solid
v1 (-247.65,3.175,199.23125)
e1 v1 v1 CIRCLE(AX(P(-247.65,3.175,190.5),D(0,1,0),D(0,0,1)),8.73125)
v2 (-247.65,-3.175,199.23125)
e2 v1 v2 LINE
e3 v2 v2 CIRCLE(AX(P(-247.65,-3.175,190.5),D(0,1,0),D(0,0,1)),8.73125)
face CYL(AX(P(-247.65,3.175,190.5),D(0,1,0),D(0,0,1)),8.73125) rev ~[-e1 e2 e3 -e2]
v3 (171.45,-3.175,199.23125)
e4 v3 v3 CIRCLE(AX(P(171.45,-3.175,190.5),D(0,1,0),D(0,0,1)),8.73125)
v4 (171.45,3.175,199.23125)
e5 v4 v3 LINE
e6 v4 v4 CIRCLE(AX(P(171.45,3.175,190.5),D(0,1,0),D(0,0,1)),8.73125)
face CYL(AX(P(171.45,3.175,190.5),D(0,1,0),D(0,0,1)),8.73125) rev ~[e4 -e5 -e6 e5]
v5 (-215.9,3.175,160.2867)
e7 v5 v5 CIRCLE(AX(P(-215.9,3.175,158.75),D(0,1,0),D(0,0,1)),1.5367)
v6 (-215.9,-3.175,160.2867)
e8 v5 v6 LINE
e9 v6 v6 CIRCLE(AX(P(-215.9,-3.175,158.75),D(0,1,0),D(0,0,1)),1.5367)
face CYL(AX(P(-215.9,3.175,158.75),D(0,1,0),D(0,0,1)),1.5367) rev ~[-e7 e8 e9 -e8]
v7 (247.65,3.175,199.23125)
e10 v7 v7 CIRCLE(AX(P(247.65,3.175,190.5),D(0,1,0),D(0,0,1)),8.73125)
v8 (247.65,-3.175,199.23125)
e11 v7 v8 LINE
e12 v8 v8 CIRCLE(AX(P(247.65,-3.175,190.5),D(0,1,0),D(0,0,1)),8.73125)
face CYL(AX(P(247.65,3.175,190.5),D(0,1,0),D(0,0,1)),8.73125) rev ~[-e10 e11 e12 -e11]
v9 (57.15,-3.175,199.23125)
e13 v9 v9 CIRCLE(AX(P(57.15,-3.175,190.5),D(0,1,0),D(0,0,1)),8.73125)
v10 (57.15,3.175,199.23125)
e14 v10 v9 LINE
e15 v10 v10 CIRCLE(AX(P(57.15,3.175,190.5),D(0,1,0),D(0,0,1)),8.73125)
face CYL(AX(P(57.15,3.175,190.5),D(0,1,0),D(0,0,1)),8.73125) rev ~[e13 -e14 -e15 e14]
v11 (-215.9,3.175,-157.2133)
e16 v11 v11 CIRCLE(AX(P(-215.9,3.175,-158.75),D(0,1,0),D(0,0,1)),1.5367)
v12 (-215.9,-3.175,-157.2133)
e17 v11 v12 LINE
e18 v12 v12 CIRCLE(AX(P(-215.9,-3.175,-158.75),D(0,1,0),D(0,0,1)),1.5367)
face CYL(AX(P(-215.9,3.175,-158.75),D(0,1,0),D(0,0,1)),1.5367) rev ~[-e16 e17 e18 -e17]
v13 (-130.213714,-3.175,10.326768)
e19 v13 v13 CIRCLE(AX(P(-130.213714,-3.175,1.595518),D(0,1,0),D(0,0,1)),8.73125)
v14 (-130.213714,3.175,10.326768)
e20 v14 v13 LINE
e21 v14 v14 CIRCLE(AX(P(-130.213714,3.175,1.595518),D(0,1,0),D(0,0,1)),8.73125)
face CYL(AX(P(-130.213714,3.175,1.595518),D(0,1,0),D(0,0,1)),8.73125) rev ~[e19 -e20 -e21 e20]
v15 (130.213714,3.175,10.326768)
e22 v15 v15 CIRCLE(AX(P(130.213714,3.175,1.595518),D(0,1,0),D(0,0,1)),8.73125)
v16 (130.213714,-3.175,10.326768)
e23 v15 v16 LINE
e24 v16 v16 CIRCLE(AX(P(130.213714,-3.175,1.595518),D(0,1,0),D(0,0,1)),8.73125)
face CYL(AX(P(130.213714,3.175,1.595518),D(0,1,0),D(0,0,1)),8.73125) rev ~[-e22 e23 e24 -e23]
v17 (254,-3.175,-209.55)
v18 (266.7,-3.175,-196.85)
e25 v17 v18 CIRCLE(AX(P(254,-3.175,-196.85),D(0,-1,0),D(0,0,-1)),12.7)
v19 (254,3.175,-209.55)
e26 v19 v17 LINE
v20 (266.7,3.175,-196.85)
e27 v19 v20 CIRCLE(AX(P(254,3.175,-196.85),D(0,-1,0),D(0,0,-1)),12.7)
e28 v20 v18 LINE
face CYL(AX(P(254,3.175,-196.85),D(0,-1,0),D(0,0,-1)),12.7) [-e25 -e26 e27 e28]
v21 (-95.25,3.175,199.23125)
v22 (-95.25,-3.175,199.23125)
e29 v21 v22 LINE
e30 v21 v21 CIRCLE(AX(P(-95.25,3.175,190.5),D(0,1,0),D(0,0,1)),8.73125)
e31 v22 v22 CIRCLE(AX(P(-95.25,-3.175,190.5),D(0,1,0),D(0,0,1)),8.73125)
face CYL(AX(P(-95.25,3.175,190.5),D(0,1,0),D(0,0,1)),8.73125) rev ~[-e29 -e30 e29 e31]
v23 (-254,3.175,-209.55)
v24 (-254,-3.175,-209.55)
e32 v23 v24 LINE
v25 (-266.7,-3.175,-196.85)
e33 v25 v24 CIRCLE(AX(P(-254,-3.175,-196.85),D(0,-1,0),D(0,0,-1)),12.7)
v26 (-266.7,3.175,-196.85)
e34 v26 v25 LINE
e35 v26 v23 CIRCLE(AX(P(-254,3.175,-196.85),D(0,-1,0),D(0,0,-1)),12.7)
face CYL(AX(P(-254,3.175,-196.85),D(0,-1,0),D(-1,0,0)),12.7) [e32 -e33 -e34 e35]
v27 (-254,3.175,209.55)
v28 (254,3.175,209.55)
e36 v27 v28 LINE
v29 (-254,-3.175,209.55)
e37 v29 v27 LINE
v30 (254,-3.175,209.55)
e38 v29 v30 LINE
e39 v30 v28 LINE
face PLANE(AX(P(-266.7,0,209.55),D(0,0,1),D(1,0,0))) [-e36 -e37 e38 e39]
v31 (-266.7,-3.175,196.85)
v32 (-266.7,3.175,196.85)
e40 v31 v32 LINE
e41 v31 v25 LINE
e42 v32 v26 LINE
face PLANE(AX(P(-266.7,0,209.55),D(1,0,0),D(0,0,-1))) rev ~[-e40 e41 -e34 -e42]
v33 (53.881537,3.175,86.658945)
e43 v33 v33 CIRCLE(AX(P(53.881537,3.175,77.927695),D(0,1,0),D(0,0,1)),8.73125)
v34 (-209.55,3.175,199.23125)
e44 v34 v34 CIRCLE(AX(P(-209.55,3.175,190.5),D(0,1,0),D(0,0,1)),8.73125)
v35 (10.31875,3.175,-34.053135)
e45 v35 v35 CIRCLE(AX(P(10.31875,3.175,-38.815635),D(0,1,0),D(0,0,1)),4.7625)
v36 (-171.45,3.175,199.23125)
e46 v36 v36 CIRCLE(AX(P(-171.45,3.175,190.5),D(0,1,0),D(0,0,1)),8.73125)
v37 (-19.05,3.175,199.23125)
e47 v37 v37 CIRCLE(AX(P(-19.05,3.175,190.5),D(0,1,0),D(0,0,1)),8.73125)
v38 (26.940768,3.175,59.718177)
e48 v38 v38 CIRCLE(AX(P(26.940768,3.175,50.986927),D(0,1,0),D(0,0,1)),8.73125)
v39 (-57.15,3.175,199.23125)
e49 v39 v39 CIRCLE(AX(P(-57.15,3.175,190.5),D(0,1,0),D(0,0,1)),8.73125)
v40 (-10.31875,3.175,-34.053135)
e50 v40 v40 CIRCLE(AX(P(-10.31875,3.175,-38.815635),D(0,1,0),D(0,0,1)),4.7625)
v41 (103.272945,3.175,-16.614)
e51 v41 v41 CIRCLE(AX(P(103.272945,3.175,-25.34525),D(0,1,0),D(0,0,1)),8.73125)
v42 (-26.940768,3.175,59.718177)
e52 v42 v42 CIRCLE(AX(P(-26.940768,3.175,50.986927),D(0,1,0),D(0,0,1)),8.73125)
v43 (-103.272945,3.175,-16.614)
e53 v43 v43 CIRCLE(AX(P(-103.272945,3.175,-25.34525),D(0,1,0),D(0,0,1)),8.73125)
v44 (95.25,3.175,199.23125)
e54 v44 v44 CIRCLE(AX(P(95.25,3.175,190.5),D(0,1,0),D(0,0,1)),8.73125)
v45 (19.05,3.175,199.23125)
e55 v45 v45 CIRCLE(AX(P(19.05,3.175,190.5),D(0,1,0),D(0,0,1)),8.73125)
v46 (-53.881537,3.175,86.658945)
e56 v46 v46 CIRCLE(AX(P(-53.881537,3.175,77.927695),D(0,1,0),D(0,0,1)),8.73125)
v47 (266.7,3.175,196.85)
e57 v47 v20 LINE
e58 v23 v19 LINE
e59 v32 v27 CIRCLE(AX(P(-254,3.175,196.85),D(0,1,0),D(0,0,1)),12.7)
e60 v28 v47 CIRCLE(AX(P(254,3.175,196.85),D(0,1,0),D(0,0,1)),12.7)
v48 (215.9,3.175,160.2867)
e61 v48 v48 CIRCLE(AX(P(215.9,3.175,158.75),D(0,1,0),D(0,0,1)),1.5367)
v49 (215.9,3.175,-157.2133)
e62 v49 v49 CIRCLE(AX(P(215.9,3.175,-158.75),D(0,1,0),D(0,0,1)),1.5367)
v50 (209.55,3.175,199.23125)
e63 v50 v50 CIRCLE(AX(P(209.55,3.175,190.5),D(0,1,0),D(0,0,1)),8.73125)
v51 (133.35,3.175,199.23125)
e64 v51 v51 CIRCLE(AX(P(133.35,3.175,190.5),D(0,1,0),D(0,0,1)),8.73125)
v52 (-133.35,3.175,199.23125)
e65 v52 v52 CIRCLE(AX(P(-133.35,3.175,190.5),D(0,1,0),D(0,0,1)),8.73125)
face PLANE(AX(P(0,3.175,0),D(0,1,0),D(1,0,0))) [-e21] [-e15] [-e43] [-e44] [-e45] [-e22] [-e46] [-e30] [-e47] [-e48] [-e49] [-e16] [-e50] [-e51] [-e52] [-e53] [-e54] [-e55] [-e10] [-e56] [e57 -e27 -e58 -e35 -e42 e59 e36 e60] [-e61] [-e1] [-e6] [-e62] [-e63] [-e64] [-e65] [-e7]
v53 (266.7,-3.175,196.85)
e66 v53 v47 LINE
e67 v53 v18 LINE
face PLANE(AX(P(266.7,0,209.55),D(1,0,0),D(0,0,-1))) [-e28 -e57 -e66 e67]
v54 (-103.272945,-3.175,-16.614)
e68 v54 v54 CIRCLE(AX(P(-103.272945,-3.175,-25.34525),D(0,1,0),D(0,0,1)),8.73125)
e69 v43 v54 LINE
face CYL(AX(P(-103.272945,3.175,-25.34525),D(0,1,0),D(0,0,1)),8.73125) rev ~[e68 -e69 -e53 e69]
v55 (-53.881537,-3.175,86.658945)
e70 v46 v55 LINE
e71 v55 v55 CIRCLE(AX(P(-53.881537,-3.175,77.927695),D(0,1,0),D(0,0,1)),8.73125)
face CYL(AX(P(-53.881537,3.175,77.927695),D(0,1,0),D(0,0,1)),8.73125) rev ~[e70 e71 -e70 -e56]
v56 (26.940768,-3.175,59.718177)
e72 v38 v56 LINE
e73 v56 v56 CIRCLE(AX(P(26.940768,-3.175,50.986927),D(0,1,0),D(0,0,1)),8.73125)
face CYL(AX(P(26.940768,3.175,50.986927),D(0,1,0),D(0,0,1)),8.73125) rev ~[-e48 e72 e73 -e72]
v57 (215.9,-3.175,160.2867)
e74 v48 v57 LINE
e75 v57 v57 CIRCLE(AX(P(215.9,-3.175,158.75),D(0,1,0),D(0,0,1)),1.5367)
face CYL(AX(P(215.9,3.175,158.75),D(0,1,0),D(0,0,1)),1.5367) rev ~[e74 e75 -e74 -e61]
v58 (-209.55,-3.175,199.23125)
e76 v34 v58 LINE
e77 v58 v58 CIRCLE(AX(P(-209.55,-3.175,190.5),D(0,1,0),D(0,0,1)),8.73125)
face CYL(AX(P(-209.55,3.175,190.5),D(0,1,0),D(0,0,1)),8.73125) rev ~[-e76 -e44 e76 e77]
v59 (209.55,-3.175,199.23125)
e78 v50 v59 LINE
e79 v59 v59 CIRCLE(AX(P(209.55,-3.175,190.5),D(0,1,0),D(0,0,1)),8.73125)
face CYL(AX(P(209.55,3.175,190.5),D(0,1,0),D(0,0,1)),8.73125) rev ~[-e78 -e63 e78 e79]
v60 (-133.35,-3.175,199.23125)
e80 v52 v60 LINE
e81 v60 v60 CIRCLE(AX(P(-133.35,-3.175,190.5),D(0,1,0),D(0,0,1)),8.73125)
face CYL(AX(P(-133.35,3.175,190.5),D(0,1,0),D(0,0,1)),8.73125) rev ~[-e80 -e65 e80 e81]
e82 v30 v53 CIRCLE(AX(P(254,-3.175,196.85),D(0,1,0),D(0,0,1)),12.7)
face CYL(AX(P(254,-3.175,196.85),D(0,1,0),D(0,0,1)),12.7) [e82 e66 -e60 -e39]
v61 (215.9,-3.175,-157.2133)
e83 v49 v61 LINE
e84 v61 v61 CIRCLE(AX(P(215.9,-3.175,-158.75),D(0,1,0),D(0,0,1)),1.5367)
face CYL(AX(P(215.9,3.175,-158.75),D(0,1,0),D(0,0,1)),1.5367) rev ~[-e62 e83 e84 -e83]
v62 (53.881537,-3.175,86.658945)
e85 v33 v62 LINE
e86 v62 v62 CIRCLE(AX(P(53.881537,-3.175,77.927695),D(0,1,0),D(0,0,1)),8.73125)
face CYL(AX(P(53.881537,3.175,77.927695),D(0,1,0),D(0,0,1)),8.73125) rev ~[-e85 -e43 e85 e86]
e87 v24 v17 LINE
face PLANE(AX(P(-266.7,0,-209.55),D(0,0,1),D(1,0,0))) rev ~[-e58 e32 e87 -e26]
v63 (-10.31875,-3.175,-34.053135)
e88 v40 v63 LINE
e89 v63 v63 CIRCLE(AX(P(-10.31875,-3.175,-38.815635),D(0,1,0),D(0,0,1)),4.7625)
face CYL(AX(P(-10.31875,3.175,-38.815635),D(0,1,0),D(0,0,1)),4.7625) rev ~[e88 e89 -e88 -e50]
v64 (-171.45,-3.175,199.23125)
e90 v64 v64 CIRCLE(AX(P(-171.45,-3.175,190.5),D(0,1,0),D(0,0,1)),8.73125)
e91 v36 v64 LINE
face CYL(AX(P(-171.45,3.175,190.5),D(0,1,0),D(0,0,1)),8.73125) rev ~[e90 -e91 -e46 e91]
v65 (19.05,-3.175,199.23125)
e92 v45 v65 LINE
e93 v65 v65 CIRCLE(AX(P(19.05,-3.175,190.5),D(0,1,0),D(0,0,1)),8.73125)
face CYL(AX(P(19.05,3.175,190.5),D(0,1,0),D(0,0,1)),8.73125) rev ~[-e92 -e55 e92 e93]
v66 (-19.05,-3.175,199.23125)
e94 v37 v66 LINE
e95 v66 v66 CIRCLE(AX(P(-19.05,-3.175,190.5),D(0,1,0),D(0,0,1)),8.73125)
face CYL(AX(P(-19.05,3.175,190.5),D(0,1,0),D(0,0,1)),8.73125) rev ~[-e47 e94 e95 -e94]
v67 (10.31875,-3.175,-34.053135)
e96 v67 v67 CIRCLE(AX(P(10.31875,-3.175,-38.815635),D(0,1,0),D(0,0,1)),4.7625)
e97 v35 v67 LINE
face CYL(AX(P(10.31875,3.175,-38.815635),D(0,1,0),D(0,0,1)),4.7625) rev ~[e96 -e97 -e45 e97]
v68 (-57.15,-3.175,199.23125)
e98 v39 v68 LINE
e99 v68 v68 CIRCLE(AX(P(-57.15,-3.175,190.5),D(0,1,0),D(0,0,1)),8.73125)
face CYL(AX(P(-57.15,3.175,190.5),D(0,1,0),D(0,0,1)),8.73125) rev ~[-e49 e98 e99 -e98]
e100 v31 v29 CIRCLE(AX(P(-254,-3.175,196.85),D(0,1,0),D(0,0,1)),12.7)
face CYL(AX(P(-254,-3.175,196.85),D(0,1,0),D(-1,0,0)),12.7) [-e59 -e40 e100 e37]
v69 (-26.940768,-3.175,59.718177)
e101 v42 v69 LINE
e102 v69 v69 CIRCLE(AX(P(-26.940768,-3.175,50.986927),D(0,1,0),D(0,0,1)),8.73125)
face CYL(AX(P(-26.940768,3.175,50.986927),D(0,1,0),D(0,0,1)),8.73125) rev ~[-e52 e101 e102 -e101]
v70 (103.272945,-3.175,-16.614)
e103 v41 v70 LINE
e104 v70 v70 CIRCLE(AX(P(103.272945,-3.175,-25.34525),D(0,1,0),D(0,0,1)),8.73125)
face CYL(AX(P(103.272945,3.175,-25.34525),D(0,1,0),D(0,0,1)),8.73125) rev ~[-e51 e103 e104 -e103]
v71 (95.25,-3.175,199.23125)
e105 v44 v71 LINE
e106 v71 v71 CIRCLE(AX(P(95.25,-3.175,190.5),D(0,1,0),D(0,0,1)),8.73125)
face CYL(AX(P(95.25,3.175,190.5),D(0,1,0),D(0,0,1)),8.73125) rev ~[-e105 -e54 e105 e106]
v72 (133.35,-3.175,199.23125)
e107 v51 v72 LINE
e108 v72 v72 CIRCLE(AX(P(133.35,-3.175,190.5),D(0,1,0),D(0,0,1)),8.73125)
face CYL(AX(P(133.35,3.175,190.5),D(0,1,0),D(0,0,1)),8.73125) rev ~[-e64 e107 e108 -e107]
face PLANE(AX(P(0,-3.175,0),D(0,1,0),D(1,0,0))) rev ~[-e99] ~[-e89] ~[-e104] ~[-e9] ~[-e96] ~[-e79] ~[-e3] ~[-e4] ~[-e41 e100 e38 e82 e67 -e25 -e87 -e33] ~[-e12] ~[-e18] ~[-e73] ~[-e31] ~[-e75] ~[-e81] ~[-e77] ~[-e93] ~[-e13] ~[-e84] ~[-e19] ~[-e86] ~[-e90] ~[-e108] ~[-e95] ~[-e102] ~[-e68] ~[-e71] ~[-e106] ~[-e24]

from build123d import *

# Parameters (mm, degrees)
SKETCH1_W           = 533.4
SKETCH1_H           = 419.1
BOSS_EXTRUDE1_DEPTH = 3.175
SKETCH2_R           = 4.4196
CUT_EXTRUDE1_DEPTH  = 340.235043886
SKETCH3_R           = 8.73125
CUT_EXTRUDE2_DEPTH  = 340.235043886
FILLET1_R           = 12.7
SKETCH5_R           = 1.5367
CUT_EXTRUDE4_DEPTH  = 340.235043886
SKETCH6_R           = 4.7625
CUT_EXTRUDE5_DEPTH  = 340.235043886
SKETCH7_R           = 8.73125
CUT_EXTRUDE6_DEPTH  = 340.235043886


with BuildPart() as part:
    # Sketch1 → Boss-Extrude1 (new, symmetric)
    with BuildSketch(Plane(origin=(0, 0, 0), x_dir=(1, 0, 0), z_dir=(0, 1, 0))):
        Rectangle(SKETCH1_W, SKETCH1_H)
    extrude(amount=BOSS_EXTRUDE1_DEPTH, both=True)

    # Sketch2 → Cut-Extrude1 (cut, through all)
    with BuildSketch(Plane(origin=(0, 3.175, 0), x_dir=(1, 0, 0), z_dir=(0, 1, 0))):
        with Locations(Location((-209.55, -190.5, 0), (0, 0, 270))):
            Circle(SKETCH2_R)
        with Locations(Location((-171.45, -190.5, 0), (0, 0, 270))):
            Circle(SKETCH2_R)
        with Locations(Location((-133.35, -190.5, 0), (0, 0, 270))):
            Circle(SKETCH2_R)
        with Locations(Location((-95.25, -190.5, 0), (0, 0, 270))):
            Circle(SKETCH2_R)
        with Locations(Location((-57.15, -190.5, 0), (0, 0, 270))):
            Circle(SKETCH2_R)
        with Locations(Location((-19.05, -190.5, 0), (0, 0, 270))):
            Circle(SKETCH2_R)
        with Locations(Location((19.05, -190.5, 0), (0, 0, 270))):
            Circle(SKETCH2_R)
        with Locations(Location((-247.65, -190.5, 0), (0, 0, 270))):
            Circle(SKETCH2_R)
        with Locations(Location((57.15, -190.5, 0), (0, 0, 270))):
            Circle(SKETCH2_R)
        with Locations(Location((95.25, -190.5, 0), (0, 0, 270))):
            Circle(SKETCH2_R)
        with Locations(Location((133.35, -190.5, 0), (0, 0, 270))):
            Circle(SKETCH2_R)
        with Locations(Location((171.45, -190.5, 0), (0, 0, 270))):
            Circle(SKETCH2_R)
        with Locations(Location((209.55, -190.5, 0), (0, 0, 270))):
            Circle(SKETCH2_R)
        with Locations(Location((247.65, -190.5, 0), (0, 0, 270))):
            Circle(SKETCH2_R)
        with Locations((285.75, -190.5)):
            Circle(SKETCH2_R)
    extrude(amount=-CUT_EXTRUDE1_DEPTH, mode=Mode.SUBTRACT)

    # Sketch3 → Cut-Extrude2 (cut, through all)
    with BuildSketch(Plane(origin=(0, 3.175, 0), x_dir=(1, 0, 0), z_dir=(0, 1, 0))):
        with Locations(Location((-247.65, -190.5, 0), (0, 0, 270))):
            Circle(SKETCH3_R)
        with Locations(Location((-209.55, -190.5, 0), (0, 0, 270))):
            Circle(SKETCH3_R)
        with Locations(Location((-171.45, -190.5, 0), (0, 0, 270))):
            Circle(SKETCH3_R)
        with Locations(Location((-133.35, -190.5, 0), (0, 0, 270))):
            Circle(SKETCH3_R)
        with Locations(Location((-95.25, -190.5, 0), (0, 0, 270))):
            Circle(SKETCH3_R)
        with Locations(Location((-57.15, -190.5, 0), (0, 0, 270))):
            Circle(SKETCH3_R)
        with Locations(Location((-19.05, -190.5, 0), (0, 0, 270))):
            Circle(SKETCH3_R)
        with Locations(Location((19.05, -190.5, 0), (0, 0, 270))):
            Circle(SKETCH3_R)
        with Locations(Location((57.15, -190.5, 0), (0, 0, 270))):
            Circle(SKETCH3_R)
        with Locations(Location((95.25, -190.5, 0), (0, 0, 270))):
            Circle(SKETCH3_R)
        with Locations(Location((133.35, -190.5, 0), (0, 0, 270))):
            Circle(SKETCH3_R)
        with Locations(Location((171.45, -190.5, 0), (0, 0, 270))):
            Circle(SKETCH3_R)
        with Locations(Location((209.55, -190.5, 0), (0, 0, 270))):
            Circle(SKETCH3_R)
        with Locations(Location((247.65, -190.5, 0), (0, 0, 270))):
            Circle(SKETCH3_R)
        with Locations((285.75, -190.5)):
            Circle(SKETCH3_R)
    extrude(amount=-CUT_EXTRUDE2_DEPTH, mode=Mode.SUBTRACT)

    # Fillet1
    fillet1_edges = [part.edges().sort_by_distance(p)[0] for p in [
        (266.7, 0, 209.55),
        (-266.7, 0, 209.55),
        (-266.7, 0, -209.55),
        (266.7, 0, -209.55),
    ]]
    fillet(fillet1_edges, radius=FILLET1_R)

    # Sketch5 → Cut-Extrude4 (cut, through all)
    with BuildSketch(Plane(origin=(0, 3.175, 0), x_dir=(1, 0, 0), z_dir=(0, 1, 0))):
        with Locations(Location((-215.9, 158.75, 0), (0, 0, 270))):
            Circle(SKETCH5_R)
        with Locations(Location((215.9, 158.75, 0), (0, 0, 270))):
            Circle(SKETCH5_R)
        with Locations(Location((215.9, -158.75, 0), (0, 0, 270))):
            Circle(SKETCH5_R)
        with Locations(Location((-215.9, -158.75, 0), (0, 0, 270))):
            Circle(SKETCH5_R)
    extrude(amount=-CUT_EXTRUDE4_DEPTH, mode=Mode.SUBTRACT)

    # Sketch6 → Cut-Extrude5 (cut, through all)
    with BuildSketch(Plane(origin=(0, 3.175, 0), x_dir=(1, 0, 0), z_dir=(0, 1, 0))):
        with Locations(Location((-10.31875, 38.815634586, 0), (0, 0, 270))):
            Circle(SKETCH6_R)
        with Locations(Location((10.31875, 38.815634586, 0), (0, 0, 270))):
            Circle(SKETCH6_R)
    extrude(amount=-CUT_EXTRUDE5_DEPTH, mode=Mode.SUBTRACT)

    # Sketch7 → Cut-Extrude6 (cut, through all)
    with BuildSketch(Plane(origin=(0, 3.175, 0), x_dir=(1, 0, 0), z_dir=(0, 1, 0))):
        with Locations(Location((-103.272945392, 25.345250482, 0), (0, 0, 270))):
            Circle(SKETCH7_R)
        with Locations(Location((-130.213713756, -1.595517881, 0), (0, 0, 270))):
            Circle(SKETCH7_R)
        with Locations(Location((-53.881536726, -77.92769491, 0), (0, 0, 270))):
            Circle(SKETCH7_R)
        with Locations(Location((-26.940768363, -50.986926547, 0), (0, 0, 270))):
            Circle(SKETCH7_R)
        with Locations(Location((26.940768363, -50.986926547, 0), (0, 0, 270))):
            Circle(SKETCH7_R)
        with Locations(Location((53.881536726, -77.92769491, 0), (0, 0, 270))):
            Circle(SKETCH7_R)
        with Locations(Location((130.213713756, -1.595517881, 0), (0, 0, 270))):
            Circle(SKETCH7_R)
        with Locations(Location((103.272945392, 25.345250482, 0), (0, 0, 270))):
            Circle(SKETCH7_R)
    extrude(amount=-CUT_EXTRUDE6_DEPTH, mode=Mode.SUBTRACT)


solid = part.part
